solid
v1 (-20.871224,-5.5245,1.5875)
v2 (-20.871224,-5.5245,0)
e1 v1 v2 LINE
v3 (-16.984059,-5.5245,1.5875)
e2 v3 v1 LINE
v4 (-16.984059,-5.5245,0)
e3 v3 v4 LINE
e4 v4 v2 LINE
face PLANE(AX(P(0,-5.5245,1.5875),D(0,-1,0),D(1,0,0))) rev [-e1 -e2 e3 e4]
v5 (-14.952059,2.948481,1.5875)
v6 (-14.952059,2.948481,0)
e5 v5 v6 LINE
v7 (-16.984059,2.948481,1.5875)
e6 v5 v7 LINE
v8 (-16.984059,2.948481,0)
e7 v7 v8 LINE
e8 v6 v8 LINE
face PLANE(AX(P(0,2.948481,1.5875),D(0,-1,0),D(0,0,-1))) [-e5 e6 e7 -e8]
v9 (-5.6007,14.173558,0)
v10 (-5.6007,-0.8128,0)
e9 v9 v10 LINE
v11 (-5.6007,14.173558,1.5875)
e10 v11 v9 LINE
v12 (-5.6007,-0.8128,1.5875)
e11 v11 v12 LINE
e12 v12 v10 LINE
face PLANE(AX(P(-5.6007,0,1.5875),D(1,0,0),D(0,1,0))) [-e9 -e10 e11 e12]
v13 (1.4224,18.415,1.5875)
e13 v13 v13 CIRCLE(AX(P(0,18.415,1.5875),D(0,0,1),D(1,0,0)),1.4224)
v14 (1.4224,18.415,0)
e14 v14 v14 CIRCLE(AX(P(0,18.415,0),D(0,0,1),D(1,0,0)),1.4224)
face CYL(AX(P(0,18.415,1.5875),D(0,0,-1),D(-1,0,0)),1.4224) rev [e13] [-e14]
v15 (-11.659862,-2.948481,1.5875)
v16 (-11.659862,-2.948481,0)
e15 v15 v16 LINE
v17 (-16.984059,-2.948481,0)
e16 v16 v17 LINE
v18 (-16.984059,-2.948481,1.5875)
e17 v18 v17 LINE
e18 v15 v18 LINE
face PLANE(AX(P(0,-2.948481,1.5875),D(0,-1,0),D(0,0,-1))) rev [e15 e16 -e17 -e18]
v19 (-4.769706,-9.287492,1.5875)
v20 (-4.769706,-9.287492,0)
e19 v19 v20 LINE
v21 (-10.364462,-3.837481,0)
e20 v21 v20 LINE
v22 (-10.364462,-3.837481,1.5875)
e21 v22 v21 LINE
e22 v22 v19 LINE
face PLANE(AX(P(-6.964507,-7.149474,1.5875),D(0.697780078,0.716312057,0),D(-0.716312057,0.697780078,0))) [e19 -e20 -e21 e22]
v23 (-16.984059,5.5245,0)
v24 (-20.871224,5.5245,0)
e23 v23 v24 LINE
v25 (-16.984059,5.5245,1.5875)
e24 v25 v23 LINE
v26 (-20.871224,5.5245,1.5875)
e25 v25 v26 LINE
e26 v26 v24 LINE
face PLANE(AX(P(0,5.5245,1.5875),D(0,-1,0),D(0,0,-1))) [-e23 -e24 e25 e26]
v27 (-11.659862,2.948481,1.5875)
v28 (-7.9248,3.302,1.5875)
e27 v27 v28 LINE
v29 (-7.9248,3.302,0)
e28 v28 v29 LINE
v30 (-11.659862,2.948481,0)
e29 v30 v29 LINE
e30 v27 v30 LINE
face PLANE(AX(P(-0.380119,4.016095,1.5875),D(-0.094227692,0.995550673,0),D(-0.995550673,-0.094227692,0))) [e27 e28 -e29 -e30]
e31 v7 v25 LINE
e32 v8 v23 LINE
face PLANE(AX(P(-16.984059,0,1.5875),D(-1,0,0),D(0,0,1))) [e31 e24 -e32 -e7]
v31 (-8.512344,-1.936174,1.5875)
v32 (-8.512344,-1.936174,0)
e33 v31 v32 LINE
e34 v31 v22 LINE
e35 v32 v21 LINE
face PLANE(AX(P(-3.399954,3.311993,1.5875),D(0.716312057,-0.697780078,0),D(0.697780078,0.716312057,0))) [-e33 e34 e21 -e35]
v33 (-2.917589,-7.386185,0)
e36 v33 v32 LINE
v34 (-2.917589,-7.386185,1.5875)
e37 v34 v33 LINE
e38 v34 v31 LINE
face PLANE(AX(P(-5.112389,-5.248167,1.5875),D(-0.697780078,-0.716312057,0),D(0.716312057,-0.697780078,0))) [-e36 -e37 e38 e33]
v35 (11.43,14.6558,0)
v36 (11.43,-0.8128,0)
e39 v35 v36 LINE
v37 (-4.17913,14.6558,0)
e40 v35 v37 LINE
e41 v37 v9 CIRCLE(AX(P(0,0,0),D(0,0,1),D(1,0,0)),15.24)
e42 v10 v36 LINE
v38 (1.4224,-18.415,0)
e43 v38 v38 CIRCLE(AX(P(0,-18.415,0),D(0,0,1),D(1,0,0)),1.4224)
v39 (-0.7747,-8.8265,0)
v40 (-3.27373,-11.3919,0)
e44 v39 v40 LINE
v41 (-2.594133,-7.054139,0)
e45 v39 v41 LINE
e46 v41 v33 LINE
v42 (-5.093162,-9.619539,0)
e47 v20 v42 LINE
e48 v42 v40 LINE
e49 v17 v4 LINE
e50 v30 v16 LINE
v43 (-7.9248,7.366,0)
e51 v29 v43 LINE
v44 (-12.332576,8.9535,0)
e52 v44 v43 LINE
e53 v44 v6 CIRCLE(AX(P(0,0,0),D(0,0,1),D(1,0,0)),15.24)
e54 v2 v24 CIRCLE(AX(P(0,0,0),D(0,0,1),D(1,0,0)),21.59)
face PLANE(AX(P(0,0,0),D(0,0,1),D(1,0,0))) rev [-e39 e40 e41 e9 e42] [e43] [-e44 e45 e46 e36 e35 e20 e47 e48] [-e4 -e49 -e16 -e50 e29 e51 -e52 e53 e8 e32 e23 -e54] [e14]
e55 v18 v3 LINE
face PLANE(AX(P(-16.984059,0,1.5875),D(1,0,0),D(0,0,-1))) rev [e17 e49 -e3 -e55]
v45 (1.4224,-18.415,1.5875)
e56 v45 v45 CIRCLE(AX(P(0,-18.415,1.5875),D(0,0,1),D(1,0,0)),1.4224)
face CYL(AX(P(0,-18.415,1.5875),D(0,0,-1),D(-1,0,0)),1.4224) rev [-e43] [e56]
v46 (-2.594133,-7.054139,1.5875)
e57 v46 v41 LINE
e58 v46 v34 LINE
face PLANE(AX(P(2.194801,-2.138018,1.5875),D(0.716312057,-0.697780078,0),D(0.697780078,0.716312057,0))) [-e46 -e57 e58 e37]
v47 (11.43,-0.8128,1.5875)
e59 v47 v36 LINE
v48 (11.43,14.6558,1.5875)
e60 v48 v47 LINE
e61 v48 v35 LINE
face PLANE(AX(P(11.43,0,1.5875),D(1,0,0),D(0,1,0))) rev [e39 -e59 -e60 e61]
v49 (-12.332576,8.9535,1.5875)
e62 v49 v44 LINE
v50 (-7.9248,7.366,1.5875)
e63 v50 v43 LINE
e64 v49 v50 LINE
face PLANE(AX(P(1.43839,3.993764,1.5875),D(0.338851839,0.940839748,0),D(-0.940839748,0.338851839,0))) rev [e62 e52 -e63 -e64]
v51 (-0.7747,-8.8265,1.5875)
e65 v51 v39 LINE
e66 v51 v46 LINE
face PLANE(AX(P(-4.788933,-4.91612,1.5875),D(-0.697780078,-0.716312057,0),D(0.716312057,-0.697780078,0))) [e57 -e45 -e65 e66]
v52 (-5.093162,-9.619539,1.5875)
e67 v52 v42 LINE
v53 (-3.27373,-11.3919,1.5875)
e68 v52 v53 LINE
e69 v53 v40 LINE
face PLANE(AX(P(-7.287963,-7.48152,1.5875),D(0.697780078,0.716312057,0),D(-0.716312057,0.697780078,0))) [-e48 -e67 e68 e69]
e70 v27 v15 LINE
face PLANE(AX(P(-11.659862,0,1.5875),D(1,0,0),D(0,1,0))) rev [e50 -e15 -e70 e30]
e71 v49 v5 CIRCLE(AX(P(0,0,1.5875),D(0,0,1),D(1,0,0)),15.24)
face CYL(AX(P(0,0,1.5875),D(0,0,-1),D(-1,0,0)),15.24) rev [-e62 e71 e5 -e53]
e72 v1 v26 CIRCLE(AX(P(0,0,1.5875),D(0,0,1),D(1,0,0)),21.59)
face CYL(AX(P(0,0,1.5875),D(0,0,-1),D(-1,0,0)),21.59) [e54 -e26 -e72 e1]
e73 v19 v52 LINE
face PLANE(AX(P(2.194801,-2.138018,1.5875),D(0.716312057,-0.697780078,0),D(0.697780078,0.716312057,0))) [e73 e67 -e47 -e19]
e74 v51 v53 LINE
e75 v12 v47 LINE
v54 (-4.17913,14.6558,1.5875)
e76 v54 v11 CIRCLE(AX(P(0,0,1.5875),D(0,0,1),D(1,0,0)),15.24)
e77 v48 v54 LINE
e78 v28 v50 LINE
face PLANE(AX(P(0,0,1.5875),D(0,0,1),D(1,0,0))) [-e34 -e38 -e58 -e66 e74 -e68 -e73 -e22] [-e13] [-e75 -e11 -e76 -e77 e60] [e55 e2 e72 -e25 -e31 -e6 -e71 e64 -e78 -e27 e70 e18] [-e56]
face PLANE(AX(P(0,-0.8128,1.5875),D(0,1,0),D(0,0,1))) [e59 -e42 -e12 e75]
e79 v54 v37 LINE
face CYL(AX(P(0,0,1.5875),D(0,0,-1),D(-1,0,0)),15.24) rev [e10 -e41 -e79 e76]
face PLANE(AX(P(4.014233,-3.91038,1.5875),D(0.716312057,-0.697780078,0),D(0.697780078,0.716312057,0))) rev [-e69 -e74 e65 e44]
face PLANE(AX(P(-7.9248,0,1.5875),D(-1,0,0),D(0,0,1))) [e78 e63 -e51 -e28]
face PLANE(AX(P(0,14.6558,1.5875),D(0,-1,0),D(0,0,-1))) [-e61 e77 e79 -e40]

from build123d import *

# Parameters (mm, degrees)
SKETCH1_R           = 1.4224
BOSS_EXTRUDE2_DEPTH = 1.5875


with BuildPart() as part:
    # Sketch1 → Boss-Extrude2 (new body)
    with BuildSketch(Plane.XY):
        with BuildLine():
            Line((-7.9248, 3.302), (-11.65986156, 2.948480848))
            Line((-11.65986156, 2.948480848), (-11.65986156, -2.948480848))
            Line((-11.65986156, -2.948480848), (-16.984058744, -2.948480848))
            Line((-16.984058744, -2.948480848), (-16.984058744, -5.5245))
            Line((-16.984058744, -5.5245), (-20.871224203, -5.5245))
            ThreePointArc((-20.871224203, -5.5245), (21.59, 0), (-20.871224203, 5.5245))
            Line((-20.871224203, 5.5245), (-16.984058744, 5.5245))
            Line((-16.984058744, 5.5245), (-16.984058744, 2.948480848))
            Line((-16.984058744, 2.948480848), (-14.952058744, 2.948480848))
            ThreePointArc((-14.952058744, 2.948480848), (-13.968818521, 6.093415226), (-12.332576282, 8.9535))
            Line((-12.332576282, 8.9535), (-7.9248, 7.366))
            Line((-7.9248, 7.366), (-7.9248, 3.302))
        make_face()
        with BuildLine():
            Line((-5.6007, -0.8128), (-5.6007, 14.173558463))
            ThreePointArc((-5.6007, 14.173558463), (-4.895856129, 14.43219293), (-4.179129857, 14.6558))
            Line((-4.179129857, 14.6558), (4.179129857, 14.6558))
            Line((4.179129857, 14.6558), (11.43, 14.6558))
            Line((11.43, 14.6558), (11.43, -0.8128))
            Line((11.43, -0.8128), (-5.6007, -0.8128))
        make_face(mode=Mode.SUBTRACT)
        Polygon((-2.594132624, -7.054138602), (-0.7747, -8.8265), (-3.273729572, -11.3919), (-5.093162196, -9.619538602), (-4.769706241, -9.287492148), (-10.36446156, -3.837480848), (-8.512343898, -1.936173756), (-2.917588579, -7.386185056), align=None, mode=Mode.SUBTRACT)
        with Locations((0, -18.415)):
            Circle(SKETCH1_R, mode=Mode.SUBTRACT)
        with Locations((0, 18.415)):
            Circle(SKETCH1_R, mode=Mode.SUBTRACT)
    extrude(amount=BOSS_EXTRUDE2_DEPTH)


solid = part.part
